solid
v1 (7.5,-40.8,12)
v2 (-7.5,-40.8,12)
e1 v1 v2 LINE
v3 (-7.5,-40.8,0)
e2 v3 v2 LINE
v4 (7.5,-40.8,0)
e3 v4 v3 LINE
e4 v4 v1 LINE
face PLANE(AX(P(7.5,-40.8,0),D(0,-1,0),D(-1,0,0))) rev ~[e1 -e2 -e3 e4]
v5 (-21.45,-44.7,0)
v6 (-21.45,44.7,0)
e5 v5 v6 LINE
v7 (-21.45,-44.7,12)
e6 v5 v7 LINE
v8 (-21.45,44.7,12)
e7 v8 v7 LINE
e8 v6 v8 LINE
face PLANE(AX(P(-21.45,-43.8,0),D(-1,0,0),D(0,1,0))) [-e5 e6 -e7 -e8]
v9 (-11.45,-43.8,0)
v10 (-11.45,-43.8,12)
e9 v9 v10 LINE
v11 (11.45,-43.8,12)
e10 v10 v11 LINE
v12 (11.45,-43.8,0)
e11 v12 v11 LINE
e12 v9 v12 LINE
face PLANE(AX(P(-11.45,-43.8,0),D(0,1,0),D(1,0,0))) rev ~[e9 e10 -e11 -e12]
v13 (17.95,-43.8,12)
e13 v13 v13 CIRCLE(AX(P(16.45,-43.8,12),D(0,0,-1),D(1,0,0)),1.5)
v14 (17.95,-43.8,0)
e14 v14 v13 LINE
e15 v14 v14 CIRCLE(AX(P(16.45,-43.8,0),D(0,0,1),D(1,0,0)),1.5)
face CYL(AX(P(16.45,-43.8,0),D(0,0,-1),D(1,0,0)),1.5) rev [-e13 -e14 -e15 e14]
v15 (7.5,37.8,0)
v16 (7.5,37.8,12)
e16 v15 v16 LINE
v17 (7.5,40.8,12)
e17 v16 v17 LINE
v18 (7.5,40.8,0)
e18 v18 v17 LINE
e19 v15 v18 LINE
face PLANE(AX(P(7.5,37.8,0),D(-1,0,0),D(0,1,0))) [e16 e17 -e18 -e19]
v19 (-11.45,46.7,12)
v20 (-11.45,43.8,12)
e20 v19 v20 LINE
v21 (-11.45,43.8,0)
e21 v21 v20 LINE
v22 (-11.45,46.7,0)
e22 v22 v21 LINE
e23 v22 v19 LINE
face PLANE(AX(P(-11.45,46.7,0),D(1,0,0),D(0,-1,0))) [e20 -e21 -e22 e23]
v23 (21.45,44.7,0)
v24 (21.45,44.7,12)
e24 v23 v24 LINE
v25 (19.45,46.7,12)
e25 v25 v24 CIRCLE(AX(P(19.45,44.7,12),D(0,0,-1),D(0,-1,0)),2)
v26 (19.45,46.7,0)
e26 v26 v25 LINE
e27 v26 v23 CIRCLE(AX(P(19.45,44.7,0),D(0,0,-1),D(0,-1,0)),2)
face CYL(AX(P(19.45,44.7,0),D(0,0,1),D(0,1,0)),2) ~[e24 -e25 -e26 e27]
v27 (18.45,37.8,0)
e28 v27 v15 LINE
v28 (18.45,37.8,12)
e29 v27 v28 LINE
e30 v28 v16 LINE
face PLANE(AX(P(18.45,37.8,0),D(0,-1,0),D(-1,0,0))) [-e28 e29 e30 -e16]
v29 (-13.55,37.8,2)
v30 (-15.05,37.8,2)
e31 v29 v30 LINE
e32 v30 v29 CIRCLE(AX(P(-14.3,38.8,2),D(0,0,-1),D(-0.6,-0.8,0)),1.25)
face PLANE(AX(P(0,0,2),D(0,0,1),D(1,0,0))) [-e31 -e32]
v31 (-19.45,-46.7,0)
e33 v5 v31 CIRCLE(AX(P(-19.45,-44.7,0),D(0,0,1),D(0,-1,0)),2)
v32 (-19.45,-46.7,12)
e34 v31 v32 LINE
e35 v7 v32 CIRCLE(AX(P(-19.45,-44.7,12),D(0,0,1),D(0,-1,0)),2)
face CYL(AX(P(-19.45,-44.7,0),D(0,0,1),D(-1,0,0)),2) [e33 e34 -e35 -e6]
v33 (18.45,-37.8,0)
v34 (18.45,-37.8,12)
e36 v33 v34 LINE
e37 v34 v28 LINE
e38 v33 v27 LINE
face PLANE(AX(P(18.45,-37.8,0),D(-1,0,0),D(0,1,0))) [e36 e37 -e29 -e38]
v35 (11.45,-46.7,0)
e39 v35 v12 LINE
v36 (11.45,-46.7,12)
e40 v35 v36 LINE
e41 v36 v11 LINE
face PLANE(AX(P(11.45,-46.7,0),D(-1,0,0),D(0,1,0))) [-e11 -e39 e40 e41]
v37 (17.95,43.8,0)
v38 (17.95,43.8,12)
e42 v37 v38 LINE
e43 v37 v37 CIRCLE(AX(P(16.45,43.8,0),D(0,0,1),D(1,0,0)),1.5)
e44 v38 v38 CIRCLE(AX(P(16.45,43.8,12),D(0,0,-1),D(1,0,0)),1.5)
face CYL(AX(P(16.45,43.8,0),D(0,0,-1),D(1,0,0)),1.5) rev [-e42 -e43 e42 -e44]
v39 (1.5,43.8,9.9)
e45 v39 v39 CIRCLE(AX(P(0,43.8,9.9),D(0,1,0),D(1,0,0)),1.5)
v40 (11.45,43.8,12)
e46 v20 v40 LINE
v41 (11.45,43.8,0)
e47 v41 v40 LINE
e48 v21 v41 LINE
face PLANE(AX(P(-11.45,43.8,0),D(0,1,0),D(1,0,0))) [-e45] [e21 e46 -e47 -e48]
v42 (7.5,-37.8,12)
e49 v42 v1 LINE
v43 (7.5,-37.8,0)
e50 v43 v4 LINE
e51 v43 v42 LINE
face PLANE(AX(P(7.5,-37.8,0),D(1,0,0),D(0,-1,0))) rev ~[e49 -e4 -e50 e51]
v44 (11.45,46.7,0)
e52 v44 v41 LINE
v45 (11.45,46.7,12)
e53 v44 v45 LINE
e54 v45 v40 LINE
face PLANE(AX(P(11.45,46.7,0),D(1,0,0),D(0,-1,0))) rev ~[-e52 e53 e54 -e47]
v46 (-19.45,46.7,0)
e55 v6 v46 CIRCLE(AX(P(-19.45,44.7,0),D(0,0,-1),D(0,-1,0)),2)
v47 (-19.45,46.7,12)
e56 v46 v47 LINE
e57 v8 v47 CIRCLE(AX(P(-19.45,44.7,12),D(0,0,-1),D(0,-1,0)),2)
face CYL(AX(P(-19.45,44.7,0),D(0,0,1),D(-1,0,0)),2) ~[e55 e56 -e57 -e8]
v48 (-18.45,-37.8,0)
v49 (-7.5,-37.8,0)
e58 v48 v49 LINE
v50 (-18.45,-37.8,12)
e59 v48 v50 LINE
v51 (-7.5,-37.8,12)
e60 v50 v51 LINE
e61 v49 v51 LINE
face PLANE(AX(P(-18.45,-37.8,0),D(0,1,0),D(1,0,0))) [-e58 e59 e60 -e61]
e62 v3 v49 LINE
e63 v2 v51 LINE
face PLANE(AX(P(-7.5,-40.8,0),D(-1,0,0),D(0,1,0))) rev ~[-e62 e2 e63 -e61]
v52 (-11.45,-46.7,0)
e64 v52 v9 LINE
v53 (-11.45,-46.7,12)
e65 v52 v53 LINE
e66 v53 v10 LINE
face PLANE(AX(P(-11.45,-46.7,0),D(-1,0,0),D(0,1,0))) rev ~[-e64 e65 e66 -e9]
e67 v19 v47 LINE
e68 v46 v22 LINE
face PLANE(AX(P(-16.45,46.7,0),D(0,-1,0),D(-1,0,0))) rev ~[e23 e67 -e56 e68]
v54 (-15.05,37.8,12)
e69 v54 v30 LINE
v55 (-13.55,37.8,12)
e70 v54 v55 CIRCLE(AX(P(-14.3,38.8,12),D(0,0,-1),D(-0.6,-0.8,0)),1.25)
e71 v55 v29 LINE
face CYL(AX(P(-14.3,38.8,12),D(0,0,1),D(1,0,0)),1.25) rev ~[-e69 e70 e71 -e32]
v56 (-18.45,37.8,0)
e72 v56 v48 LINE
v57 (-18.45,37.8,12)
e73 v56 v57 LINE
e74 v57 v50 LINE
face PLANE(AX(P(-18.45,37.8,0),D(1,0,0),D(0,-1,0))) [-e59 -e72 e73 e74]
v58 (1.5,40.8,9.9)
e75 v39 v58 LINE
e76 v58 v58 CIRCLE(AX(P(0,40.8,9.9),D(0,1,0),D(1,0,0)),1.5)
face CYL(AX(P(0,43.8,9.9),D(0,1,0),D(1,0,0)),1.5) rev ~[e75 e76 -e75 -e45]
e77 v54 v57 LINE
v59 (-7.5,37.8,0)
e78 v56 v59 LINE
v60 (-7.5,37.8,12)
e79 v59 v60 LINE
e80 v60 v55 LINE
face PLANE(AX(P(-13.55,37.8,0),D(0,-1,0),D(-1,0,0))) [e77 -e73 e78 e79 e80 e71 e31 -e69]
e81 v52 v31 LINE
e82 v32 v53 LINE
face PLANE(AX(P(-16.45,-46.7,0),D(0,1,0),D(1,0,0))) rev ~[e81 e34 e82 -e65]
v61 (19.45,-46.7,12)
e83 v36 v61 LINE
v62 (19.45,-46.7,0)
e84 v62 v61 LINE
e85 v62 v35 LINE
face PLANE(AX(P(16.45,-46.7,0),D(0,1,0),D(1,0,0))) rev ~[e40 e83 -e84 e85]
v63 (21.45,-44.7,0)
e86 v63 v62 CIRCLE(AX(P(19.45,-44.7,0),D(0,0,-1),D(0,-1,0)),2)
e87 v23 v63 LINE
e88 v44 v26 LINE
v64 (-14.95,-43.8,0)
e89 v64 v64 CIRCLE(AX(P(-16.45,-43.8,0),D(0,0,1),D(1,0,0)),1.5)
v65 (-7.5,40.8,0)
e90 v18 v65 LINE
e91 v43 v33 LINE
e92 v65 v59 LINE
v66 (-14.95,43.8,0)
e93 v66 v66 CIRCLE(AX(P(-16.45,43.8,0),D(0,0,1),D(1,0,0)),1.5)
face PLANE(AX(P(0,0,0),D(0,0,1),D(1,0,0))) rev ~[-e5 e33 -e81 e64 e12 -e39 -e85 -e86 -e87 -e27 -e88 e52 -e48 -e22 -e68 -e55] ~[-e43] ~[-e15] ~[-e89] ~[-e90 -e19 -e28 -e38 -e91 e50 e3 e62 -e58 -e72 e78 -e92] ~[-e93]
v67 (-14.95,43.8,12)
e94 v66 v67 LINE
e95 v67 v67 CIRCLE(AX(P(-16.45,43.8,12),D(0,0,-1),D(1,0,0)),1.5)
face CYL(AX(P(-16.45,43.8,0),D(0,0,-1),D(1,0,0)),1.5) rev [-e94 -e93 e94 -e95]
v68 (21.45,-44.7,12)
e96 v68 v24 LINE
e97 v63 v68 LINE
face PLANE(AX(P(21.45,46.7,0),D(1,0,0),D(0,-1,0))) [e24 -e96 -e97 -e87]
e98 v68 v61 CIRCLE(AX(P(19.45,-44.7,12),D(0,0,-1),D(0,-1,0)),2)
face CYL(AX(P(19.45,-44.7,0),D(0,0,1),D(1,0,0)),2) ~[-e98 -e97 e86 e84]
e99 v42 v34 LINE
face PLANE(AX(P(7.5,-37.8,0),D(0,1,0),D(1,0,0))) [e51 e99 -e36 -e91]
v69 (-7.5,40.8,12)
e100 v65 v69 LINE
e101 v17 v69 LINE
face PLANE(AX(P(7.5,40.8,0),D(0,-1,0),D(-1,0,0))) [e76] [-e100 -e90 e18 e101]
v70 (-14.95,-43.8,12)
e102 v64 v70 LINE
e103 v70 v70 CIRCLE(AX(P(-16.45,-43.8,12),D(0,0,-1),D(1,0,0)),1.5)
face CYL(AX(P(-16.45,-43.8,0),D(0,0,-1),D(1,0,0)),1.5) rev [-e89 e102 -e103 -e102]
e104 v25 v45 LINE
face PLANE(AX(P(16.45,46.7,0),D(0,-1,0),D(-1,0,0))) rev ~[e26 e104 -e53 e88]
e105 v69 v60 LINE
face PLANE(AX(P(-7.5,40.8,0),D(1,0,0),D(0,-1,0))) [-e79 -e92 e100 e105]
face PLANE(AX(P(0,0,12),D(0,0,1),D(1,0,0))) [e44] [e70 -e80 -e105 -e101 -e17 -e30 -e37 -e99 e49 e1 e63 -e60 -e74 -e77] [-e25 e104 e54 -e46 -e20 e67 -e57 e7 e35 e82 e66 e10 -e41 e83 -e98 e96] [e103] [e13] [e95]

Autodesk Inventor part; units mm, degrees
ref_plane "YZ Plane" through (0, 0, 0) normal (1, 0, 0) x (0, 1, 0)
ref_plane "XZ Plane" through (0, 0, 0) normal (0, 1, 0) x (-1, 0, 0)
ref_plane "XY Plane" through (0, 0, 0) normal (0, 0, 1) x (1, 0, 0)
sketch "Эскиз1" plane through (0, 0, 0) normal (0, 0, 1) x (1, 0, 0)
  line L0 (-18.25, -37.6) -> (18.25, -37.6)
  line L1 (18.25, -37.6) -> (18.25, 37.6)
  line L2 (18.25, 37.6) -> (-18.25, 37.6)
  line L3 (-18.25, 37.6) -> (-18.25, -37.6)
  line L4 (-18.25, 0) -> (18.25, 0) construction
  line L5 (0, 37.6) -> (0, -37.6) construction
  line L6 (-18.45, -37.8) -> (18.45, -37.8)
  line L7 (18.45, -37.8) -> (18.45, 37.8)
  line L8 (18.45, 37.8) -> (-18.45, 37.8)
  line L9 (-18.45, 37.8) -> (-18.45, -37.8)
  line L10 (-7.5, -37.8) -> (7.5, -37.8)
  line L11 (7.5, -37.8) -> (7.5, -40.8)
  line L12 (7.5, -40.8) -> (-7.5, -40.8)
  line L13 (-7.5, -40.8) -> (-7.5, -37.8)
  line L14 (-18.45, -37.8) -> (-18.45, -43.8)
  line L15 (-18.45, -43.8) -> (18.45, -43.8)
  line L16 (18.45, -43.8) -> (18.45, -37.8)
  line L17 (-18.45, 43.8) -> (18.45, 43.8)
  line L18 (-18.45, 37.8) -> (-18.45, 43.8)
  line L19 (18.45, 43.8) -> (18.45, 37.8)
  line L20 (-18.45, -43.8) -> (-21.45, -43.8)
  line L21 (-21.45, -43.8) -> (-21.45, 43.8)
  line L22 (-21.45, 43.8) -> (-18.45, 43.8)
  line L23 (-18.45, 43.8) -> (-18.45, -43.8)
  line L24 (21.45, 43.8) -> (18.45, 43.8)
  line L25 (18.45, 37.8) -> (18.45, 43.8)
  line L26 (18.45, 43.8) -> (18.45, -43.8)
  line L27 (21.45, -43.8) -> (21.45, 43.8)
  line L28 (-7.5, 40.8) -> (-7.5, 37.8)
  line L29 (7.5, 40.8) -> (-7.5, 40.8)
  line L30 (7.5, 37.8) -> (7.5, 40.8)
  line L31 (-21.45, -43.8) -> (-11.45, -43.8)
  line L32 (18.45, -43.8) -> (21.45, -43.8)
  line L33 (21.45, -43.8) -> (11.45, -43.8)
  line L34 (16.45, 46.7) -> (21.45, 46.7)
  line L35 (16.45, 46.7) -> (11.45, 46.7)
  line L36 (11.45, 46.7) -> (11.45, 43.8)
  line L37 (21.45, 46.7) -> (21.45, 43.8)
  line L38 (11.45, 43.8) -> (16.45, 43.8)
  line L39 (-11.45, 46.7) -> (-11.45, 43.8)
  line L40 (-16.45, 46.7) -> (-11.45, 46.7)
  line L41 (-16.45, 46.7) -> (-21.45, 46.7)
  line L42 (-21.45, 46.7) -> (-21.45, 43.8)
  line L43 (-16.45, -46.7) -> (-21.45, -46.7)
  line L44 (-21.45, -46.7) -> (-21.45, -43.8)
  line L45 (-16.45, -46.7) -> (-11.45, -46.7)
  line L46 (-11.45, -46.7) -> (-11.45, -43.8)
  line L47 (11.45, -46.7) -> (11.45, -43.8)
  line L48 (16.45, -46.7) -> (11.45, -46.7)
  line L49 (16.45, -46.7) -> (21.45, -46.7)
  line L50 (21.45, -46.7) -> (21.45, -43.8)
  circle A0 centre (16.45, -43.8) radius 1.5
  circle A1 centre (-16.45, -43.8) radius 1.5
  circle A2 centre (16.45, 43.8) radius 1.5
  circle A3 centre (-16.45, 43.8) radius 1.5
  line L51 (0, 0) -> (-14.3, 0) construction
  line L52 (-14.3, 0) -> (-14.3, 38.8) construction
  line L53 (-14.3, 38.8) -> (0, 38.8) construction
  line L54 (0, 38.8) -> (0, 0) construction
  circle A4 centre (-14.3, 38.8) radius 1.25
  point P0 (-1.9914, -32.8601)
  point P1 (0, -37.8)
  point P2 (-15.05, 37.8)
  point P3 (-13.55, 37.8)
  dimension "d0" = 36.5
  dimension "d1" = 75.2
  dimension "d2" = 36.9
  dimension "d3" = 75.6
  dimension "d4" = 15
  dimension "d5" = 3
  dimension "d6" = 6
  dimension "d7" = 3
  dimension "d8" = 5
  dimension "d10" = 3
  dimension "d11" = 3
  dimension "d12" = 3
  dimension "d13" = 3
  dimension "d19" = 14.3
  dimension "d20" = 38.8
  dimension "d21" = 2.5
extrude "Выдавливание1" add sketch "Эскиз1" along normal blind 12 contours A4 L8 | L8 L18 L17 A3 A2 L19 L30 L29 L28 A4 | L9 L14 L20 L21 L22 L18 | L6 L13 L12 L11 L16 L15 A0 A1 L14 | L22 L42 L41 L40 L39 L17 A3 | L15 A1 L46 L45 L43 L44 L20 | L19 L24 L27 L32 L16 L7 | L17 A2 L36 L35 L34 L37 L24 | L32 L50 L49 L48 L47 L15 A0
fillet "Сопряжение1" radius 2 4 edges at (-21.45, 46.7, 6) (21.45, 46.7, 6) (-21.45, -46.7, 6) (21.45, -46.7, 6)
extrude "Выдавливание3" cut sketch "Эскиз1" against normal blind 10 from surface at 12 contours A4 L8
sketch "Эскиз2" plane through (-11.45, 43.8, 0) normal (0, 1, 0) x (1, 0, 0)
  line L0 (32.9, 0) -> (32.9, -12) construction
  line L1 (32.9, -6) -> (-10, -6) construction
  line L2 (-10, -12) -> (-10, 0) construction
  line L3 (3.95, -12) -> (18.95, -12) construction
  line L4 (11.45, -12) -> (11.45, 0) construction
  line L5 (32.9, -12) -> (30.9, -12) construction
  line L6 (32.9, -12) -> (11.45, -12) construction
  line L7 (11.45, -12) -> (11.45, -9.9) construction
  line L8 (11.45, -9.9) -> (32.9, -9.9) construction
  line L9 (32.9, -9.9) -> (32.9, -12) construction
  circle A0 centre (11.45, -9.9) radius 1.5
  dimension "d24" = 2.1
  dimension "d25" = 3
extrude "Выдавливание4" cut sketch "Эскиз2" against normal blind 3
properties part number "fast_akkum2"
